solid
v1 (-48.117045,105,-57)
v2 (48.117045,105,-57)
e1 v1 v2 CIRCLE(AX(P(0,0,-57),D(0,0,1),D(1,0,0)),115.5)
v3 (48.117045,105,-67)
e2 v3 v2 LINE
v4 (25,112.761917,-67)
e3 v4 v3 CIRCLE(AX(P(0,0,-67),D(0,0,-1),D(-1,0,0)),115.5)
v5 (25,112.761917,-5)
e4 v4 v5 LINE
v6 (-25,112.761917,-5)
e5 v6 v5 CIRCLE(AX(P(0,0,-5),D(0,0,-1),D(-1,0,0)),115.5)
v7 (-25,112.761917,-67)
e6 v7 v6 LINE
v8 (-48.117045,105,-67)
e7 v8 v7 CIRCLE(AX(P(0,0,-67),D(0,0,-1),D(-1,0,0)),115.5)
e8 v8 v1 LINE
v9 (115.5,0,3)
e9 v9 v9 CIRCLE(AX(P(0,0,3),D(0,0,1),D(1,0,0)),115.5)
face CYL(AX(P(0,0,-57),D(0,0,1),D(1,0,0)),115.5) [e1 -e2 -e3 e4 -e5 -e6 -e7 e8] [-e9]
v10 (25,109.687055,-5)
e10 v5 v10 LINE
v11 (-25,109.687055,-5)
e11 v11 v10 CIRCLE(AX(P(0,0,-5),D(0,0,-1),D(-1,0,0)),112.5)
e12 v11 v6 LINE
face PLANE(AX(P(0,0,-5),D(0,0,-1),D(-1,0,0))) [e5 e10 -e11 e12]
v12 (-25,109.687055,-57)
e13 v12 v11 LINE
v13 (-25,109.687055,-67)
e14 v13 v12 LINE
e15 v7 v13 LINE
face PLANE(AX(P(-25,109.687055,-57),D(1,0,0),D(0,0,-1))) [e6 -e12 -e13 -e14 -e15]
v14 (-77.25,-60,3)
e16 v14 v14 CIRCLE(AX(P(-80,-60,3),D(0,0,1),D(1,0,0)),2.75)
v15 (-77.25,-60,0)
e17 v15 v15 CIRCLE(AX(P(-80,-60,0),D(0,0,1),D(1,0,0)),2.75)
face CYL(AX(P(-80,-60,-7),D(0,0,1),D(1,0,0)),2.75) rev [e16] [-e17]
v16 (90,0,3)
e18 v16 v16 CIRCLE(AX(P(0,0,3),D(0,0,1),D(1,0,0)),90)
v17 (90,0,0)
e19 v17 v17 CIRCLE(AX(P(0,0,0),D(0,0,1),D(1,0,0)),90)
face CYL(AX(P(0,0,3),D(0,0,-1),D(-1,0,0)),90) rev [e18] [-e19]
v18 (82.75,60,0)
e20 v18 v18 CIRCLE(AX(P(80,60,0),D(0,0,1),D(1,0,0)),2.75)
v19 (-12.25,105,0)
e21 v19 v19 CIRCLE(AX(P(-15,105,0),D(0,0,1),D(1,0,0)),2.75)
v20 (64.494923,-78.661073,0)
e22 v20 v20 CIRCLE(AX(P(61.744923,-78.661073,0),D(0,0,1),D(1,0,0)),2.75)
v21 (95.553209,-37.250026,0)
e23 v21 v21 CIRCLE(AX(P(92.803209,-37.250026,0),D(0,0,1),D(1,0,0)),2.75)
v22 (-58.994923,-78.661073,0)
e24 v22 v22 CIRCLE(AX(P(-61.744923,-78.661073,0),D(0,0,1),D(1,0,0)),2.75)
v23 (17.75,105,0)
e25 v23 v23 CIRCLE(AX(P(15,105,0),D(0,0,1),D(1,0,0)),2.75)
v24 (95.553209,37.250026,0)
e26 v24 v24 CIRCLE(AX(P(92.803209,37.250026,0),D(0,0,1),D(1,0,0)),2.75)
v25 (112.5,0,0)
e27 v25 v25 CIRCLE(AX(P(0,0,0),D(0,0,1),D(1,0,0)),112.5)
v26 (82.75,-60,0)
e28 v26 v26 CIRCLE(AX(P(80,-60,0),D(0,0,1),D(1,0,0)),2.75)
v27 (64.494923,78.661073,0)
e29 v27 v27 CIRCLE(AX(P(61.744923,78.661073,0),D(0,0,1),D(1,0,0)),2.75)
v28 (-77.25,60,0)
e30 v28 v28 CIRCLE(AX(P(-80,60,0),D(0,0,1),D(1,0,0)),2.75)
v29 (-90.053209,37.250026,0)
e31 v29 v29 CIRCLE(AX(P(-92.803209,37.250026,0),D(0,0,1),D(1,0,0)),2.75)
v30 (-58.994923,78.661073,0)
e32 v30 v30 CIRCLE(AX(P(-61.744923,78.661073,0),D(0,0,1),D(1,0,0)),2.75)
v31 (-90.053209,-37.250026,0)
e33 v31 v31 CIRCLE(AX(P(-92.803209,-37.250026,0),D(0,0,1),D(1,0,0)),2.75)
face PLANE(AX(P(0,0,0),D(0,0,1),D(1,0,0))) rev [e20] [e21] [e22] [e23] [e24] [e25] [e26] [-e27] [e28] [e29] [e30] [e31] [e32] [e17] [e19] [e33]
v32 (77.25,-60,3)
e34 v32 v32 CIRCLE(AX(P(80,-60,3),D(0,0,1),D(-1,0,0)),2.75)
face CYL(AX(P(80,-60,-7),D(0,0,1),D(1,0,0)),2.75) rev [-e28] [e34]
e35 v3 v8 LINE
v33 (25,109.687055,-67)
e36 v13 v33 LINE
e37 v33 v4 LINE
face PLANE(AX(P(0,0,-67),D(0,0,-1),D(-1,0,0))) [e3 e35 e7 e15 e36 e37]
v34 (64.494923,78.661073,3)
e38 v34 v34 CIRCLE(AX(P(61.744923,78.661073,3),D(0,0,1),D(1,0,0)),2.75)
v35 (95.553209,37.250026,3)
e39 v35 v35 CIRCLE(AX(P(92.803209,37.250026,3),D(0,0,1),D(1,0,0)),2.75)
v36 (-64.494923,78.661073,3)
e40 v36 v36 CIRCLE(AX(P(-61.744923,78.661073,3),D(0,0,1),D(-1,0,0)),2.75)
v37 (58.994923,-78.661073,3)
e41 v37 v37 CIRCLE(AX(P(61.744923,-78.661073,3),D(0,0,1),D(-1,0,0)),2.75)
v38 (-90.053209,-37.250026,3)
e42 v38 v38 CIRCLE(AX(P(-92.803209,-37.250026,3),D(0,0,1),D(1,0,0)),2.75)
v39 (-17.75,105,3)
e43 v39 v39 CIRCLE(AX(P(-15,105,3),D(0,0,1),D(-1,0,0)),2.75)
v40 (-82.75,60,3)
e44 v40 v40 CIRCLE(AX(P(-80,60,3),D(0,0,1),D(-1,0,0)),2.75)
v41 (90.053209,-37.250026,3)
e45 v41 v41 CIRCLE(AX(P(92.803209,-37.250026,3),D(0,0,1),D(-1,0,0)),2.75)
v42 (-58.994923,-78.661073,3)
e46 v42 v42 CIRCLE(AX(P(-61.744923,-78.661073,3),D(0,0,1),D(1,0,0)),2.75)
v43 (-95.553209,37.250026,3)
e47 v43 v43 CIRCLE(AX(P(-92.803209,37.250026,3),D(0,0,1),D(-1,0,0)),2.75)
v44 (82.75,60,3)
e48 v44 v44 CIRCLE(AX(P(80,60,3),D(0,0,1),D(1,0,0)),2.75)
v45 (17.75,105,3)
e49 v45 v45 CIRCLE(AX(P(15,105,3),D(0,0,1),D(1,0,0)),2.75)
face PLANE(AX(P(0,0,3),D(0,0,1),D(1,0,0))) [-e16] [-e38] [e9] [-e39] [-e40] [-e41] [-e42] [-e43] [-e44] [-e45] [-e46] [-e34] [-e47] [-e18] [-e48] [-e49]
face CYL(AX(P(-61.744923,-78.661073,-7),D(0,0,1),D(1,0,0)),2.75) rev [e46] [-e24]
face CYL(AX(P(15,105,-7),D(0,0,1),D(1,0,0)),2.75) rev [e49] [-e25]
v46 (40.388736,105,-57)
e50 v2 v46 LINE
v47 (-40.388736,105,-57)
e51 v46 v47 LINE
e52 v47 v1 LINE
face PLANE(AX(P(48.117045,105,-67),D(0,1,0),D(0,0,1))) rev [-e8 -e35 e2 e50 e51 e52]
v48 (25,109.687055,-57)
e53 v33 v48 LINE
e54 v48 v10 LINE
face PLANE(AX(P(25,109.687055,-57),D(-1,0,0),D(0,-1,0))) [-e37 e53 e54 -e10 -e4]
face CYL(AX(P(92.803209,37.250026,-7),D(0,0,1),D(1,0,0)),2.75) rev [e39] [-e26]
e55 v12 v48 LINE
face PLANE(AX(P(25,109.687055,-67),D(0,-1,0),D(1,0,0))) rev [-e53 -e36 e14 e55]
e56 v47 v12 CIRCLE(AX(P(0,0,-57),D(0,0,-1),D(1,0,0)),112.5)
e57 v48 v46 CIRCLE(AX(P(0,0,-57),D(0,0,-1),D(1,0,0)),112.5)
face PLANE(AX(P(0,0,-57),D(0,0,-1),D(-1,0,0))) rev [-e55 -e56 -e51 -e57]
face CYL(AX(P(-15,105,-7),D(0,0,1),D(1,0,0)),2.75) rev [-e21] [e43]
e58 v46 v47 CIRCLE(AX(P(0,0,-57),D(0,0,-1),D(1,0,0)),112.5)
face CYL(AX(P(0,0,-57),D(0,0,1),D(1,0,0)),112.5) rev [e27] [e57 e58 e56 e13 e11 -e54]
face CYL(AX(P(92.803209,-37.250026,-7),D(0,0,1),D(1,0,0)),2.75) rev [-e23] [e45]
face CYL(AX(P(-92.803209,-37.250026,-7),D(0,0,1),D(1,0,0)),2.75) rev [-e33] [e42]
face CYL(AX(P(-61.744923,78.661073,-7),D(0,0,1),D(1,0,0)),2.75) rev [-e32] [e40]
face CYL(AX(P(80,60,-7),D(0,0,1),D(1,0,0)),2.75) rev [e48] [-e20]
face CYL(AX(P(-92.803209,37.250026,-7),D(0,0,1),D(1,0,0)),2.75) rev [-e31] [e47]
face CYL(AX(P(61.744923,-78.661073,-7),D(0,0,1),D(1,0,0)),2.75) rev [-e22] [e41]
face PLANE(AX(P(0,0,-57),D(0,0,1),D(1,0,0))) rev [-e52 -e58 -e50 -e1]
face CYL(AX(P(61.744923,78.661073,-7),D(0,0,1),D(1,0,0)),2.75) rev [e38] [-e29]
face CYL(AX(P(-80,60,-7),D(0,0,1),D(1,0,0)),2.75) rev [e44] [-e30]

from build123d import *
from build123d.topology import SkipClean

# Parameters (mm, degrees)
SKETCH_1_R           = 112.5
SKETCH_1_R_2         = 90
EXTRUDE_1_DEPTH      = 3
EXTRUDE_START        = -60
EXTRUDE_2_DEPTH      = 60
SKETCH_5_R           = 2.75
CUT_EXTRUDE_1_DEPTH  = 10
EXTRUDE_3_DEPTH      = 5
EXTRUDE_3_DEPTH_BACK = 3
SKETCH_6_R           = 115.5
SKETCH_6_R_2         = 112.5
EXTRUDE_START_2      = 10
EXTRUDE_4_DEPTH      = 10


with BuildPart() as part:
    # 草图1 → 凸台-拉伸1 (new body)
    with BuildSketch(Plane.XY):
        Circle(SKETCH_1_R)
        Circle(SKETCH_1_R_2, mode=Mode.SUBTRACT)
    extrude(amount=EXTRUDE_1_DEPTH)

    # 草图4 → 凸台-拉伸2 (add)
    with BuildSketch(Plane.XY.offset(3).offset(EXTRUDE_START)):
        with BuildLine():
            Line((-25, 109.687054842), (-25, 112.76191733))
            ThreePointArc((-25, 112.76191733), (0, -115.5), (25, 112.76191733))
            Line((25, 112.76191733), (25, 109.687054842))
            ThreePointArc((25, 109.687054842), (0, -112.5), (-25, 109.687054842))
        make_face()
    extrude(amount=EXTRUDE_2_DEPTH)

    # 草图5 → 切除-拉伸1 (cut)
    with BuildSketch(Plane.XY.offset(3)):
        with Locations((80, 60)):
            Circle(SKETCH_5_R)
        with Locations((92.803208809, 37.250025969)):
            Circle(SKETCH_5_R)
        with Locations((61.744923397, 78.661073186)):
            Circle(SKETCH_5_R)
        with Locations((61.744923397, -78.661073186)):
            Circle(SKETCH_5_R)
        with Locations((92.803208809, -37.250025969)):
            Circle(SKETCH_5_R)
        with Locations((80, -60)):
            Circle(SKETCH_5_R)
        with Locations((-80, -60)):
            Circle(SKETCH_5_R)
        with Locations((-92.803208809, -37.250025969)):
            Circle(SKETCH_5_R)
        with Locations((-61.744923397, -78.661073186)):
            Circle(SKETCH_5_R)
        with Locations((-61.744923397, 78.661073186)):
            Circle(SKETCH_5_R)
        with Locations((-92.803208809, 37.250025969)):
            Circle(SKETCH_5_R)
        with Locations((-80, 60)):
            Circle(SKETCH_5_R)
        with Locations((15, 105)):
            Circle(SKETCH_5_R)
        with Locations((-15, 105)):
            Circle(SKETCH_5_R)
    extrude(amount=-CUT_EXTRUDE_1_DEPTH, mode=Mode.SUBTRACT)

    # 草图6 → 凸台-拉伸3 (add, two sides: drawn at the far end of the back side and taken through both)
    with SkipClean():  # the faces are left unmerged after this step: merging them gives an invalid solid
        with BuildSketch(Plane(origin=(0, 0, 0), x_dir=(-1, 0, 0), z_dir=(0, 0, -1)).offset(-EXTRUDE_3_DEPTH_BACK)):
            Circle(SKETCH_6_R)
            Circle(SKETCH_6_R_2, mode=Mode.SUBTRACT)
        extrude(amount=EXTRUDE_3_DEPTH + EXTRUDE_3_DEPTH_BACK)

    # 草图7 → 凸台-拉伸4 (add)
    with SkipClean():  # the faces are left unmerged after this step: merging them gives an invalid solid
        with BuildSketch(Plane(origin=(0, 0, -57), x_dir=(-1, 0, 0), z_dir=(0, 0, -1)).offset(EXTRUDE_START_2)):
            with BuildLine():
                Line((-48.117044797, 105), (48.117044797, 105))
                ThreePointArc((48.117044797, 105), (36.763941575, 109.492751358), (25, 112.76191733))
                Line((25, 112.76191733), (25, 109.687054842))
                Line((25, 109.687054842), (-25, 109.687054842))
                Line((-25, 109.687054842), (-25, 112.76191733))
                ThreePointArc((-25, 112.76191733), (-36.763941575, 109.492751358), (-48.117044797, 105))
            make_face()
        extrude(amount=-EXTRUDE_4_DEPTH)


solid = part.part
